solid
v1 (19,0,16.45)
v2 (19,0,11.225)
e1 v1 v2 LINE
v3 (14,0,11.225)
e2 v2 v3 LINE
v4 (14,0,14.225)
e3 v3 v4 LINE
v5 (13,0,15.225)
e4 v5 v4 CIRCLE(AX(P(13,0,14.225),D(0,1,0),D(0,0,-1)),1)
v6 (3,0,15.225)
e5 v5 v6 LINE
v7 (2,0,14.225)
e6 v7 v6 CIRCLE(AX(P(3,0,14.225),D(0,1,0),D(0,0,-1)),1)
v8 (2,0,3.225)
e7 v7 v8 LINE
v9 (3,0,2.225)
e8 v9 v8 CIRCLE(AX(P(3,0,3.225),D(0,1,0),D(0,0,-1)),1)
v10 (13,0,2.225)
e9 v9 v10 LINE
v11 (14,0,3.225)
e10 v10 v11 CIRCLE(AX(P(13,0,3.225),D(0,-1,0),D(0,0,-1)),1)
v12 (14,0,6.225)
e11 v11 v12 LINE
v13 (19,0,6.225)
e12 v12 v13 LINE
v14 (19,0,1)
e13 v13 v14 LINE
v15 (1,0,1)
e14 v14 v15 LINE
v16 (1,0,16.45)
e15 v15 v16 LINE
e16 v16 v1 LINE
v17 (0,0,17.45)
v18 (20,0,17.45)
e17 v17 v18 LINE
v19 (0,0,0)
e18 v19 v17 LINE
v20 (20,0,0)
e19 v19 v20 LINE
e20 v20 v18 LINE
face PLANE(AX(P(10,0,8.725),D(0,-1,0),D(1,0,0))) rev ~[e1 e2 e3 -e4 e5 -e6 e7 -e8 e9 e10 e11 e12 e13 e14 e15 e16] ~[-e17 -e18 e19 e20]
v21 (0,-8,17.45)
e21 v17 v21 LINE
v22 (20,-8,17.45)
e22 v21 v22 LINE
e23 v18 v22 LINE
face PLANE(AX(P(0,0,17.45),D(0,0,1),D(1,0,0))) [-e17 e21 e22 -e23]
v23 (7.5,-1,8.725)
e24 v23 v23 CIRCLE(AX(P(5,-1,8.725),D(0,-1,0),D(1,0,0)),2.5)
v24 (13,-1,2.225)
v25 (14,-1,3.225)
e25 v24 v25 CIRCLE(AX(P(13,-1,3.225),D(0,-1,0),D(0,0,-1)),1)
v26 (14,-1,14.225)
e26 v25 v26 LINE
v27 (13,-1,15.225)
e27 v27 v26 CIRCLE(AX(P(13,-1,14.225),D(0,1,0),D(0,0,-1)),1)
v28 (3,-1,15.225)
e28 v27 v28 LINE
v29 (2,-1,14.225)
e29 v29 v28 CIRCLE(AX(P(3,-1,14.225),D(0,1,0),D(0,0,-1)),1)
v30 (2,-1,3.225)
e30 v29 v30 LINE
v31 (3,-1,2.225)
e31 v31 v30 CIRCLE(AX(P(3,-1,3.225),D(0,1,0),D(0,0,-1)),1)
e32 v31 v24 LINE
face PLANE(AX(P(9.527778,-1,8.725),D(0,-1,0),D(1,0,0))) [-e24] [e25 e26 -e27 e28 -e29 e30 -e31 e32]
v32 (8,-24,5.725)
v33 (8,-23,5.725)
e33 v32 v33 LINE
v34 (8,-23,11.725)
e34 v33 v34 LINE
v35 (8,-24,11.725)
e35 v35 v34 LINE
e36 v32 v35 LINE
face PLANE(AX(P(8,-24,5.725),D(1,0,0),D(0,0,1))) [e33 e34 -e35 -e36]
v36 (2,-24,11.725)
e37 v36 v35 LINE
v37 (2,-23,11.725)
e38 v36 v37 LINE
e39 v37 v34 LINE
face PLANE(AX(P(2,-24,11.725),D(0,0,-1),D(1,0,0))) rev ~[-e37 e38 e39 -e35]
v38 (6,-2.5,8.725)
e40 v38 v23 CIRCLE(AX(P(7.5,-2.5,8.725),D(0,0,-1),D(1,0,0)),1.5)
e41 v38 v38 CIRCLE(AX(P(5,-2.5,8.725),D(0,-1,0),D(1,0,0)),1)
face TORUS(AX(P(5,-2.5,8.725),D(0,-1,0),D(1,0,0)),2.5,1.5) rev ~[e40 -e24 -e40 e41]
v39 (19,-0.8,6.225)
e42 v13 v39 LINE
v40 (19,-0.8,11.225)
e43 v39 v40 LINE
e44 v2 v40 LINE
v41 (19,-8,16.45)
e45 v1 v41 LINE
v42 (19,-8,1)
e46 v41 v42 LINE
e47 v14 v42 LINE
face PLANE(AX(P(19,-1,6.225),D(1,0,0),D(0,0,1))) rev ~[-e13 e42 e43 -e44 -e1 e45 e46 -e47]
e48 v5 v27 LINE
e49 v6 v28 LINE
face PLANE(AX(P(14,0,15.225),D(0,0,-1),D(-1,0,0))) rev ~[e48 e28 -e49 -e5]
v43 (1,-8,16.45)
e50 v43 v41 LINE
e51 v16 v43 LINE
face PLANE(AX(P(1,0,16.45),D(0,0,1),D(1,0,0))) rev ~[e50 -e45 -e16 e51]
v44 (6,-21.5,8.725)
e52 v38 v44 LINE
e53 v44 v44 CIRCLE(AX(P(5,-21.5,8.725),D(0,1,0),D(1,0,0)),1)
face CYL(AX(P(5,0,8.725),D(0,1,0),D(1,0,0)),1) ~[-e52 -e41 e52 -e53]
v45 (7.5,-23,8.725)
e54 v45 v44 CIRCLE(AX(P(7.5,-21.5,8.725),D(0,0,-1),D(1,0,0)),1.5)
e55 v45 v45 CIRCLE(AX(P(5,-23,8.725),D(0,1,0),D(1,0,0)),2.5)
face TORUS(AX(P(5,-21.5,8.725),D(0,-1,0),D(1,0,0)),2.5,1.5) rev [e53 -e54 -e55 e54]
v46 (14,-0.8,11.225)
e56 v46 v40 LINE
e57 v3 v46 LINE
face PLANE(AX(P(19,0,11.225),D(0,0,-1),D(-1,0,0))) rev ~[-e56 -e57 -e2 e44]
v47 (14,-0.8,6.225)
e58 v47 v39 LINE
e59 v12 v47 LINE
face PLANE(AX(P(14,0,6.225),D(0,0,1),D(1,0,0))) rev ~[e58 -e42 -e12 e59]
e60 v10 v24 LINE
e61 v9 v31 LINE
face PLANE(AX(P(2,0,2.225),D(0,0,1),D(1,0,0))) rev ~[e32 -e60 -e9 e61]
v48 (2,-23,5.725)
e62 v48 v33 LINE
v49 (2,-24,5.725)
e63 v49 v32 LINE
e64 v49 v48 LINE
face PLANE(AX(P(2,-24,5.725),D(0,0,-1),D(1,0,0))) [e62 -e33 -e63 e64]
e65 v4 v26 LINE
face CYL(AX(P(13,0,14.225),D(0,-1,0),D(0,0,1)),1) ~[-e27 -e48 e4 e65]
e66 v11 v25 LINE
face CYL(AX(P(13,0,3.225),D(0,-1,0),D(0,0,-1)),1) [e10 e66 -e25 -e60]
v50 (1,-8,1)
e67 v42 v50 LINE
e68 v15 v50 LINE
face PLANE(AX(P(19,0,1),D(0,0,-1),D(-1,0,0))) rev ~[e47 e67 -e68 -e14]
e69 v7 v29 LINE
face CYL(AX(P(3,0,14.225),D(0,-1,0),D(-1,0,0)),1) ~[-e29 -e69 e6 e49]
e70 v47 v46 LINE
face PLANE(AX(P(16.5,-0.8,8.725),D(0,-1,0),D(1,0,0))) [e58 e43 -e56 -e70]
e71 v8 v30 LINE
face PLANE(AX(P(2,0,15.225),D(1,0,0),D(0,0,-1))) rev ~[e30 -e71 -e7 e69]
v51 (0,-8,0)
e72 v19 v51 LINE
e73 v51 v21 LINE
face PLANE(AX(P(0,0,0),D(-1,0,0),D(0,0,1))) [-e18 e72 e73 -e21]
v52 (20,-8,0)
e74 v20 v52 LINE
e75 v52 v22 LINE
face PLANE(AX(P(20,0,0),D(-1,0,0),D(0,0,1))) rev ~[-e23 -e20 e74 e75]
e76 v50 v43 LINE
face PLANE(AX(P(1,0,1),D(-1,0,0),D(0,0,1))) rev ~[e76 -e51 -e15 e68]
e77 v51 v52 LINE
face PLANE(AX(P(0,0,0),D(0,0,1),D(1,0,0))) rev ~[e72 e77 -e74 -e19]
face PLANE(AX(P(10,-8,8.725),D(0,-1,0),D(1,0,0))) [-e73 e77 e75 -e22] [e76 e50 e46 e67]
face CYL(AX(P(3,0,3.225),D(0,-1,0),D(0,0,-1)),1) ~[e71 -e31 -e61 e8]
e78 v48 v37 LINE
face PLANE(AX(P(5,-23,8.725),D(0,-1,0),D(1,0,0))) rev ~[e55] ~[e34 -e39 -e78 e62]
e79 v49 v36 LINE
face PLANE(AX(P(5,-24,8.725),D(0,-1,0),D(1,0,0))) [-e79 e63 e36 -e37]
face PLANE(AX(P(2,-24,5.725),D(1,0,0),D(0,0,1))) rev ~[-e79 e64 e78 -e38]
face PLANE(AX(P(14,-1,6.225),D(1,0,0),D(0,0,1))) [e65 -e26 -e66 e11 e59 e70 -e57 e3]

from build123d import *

# Parameters (mm, degrees)
F0_W     = 20
F0_H     = 17.45
F1_DEPTH = 8
F0_W_2   = 6
F0_H_2   = 6
F0_R     = 1
F2_DEPTH = 1
F3_DEPTH = 24
F4_W     = 6
F4_H     = 6
F5_DEPTH = 1
F6_R     = 1.5
F7_W     = 5
F7_H     = 5
F8_DEPTH = 0.2
F9_R     = 1


with BuildPart() as f1:
    # F0 (on Front) → F1 (new body)
    with BuildSketch(Plane.XZ):
        with Locations((10, 8.725)):
            Rectangle(F0_W, F0_H)
        Polygon((19, 16.45), (19, 11.225), (19, 6.225), (19, 1), (1, 1), (1, 16.45), align=None, mode=Mode.SUBTRACT)
    extrude(amount=F1_DEPTH)

    # F0 (on Front) → F2 (join)
    with BuildSketch(Plane.XZ):
        Polygon((19, 11.225), (14, 11.225), (14, 15.225), (2, 15.225), (2, 11.725), (8, 11.725), (8, 5.725), (2, 5.725), (2, 2.225), (14, 2.225), (14, 6.225), (19, 6.225), align=None)
        with Locations((5, 8.725)):
            Rectangle(F0_W_2, F0_H_2)
        with Locations((5, 8.725)):
            Circle(F0_R, mode=Mode.SUBTRACT)
    extrude(amount=F2_DEPTH)

    # F0 (on Front) → F3 (join)
    with BuildSketch(Plane.XZ):
        with Locations((5, 8.725)):
            Circle(F0_R)
    extrude(amount=F3_DEPTH)

    # F4 (on face) → F5 (join)
    with BuildSketch(Plane.XZ.offset(24)):
        with Locations((5, 8.725)):
            Rectangle(F4_W, F4_H)
    extrude(amount=-F5_DEPTH)

    # F6
    f6_edges = [f1.edges().sort_by_distance(p)[0] for p in [
        (4, -23, 8.725),
        (4, -1, 8.725),
    ]]
    fillet(f6_edges, radius=F6_R)

    # F7 (on face) → F8 (cut)
    with BuildSketch(Plane.XZ.offset(1)):
        with Locations((16.5, 8.725)):
            Rectangle(F7_W, F7_H)
    extrude(amount=-F8_DEPTH, mode=Mode.SUBTRACT)

    # F9
    f9_edges = [f1.edges().sort_by_distance(p)[0] for p in [
        (2, -0.5, 15.225),
        (14, -0.5, 15.225),
        (2, -0.5, 2.225),
        (14, -0.5, 2.225),
    ]]
    fillet(f9_edges, radius=F9_R)


solid = f1.part
